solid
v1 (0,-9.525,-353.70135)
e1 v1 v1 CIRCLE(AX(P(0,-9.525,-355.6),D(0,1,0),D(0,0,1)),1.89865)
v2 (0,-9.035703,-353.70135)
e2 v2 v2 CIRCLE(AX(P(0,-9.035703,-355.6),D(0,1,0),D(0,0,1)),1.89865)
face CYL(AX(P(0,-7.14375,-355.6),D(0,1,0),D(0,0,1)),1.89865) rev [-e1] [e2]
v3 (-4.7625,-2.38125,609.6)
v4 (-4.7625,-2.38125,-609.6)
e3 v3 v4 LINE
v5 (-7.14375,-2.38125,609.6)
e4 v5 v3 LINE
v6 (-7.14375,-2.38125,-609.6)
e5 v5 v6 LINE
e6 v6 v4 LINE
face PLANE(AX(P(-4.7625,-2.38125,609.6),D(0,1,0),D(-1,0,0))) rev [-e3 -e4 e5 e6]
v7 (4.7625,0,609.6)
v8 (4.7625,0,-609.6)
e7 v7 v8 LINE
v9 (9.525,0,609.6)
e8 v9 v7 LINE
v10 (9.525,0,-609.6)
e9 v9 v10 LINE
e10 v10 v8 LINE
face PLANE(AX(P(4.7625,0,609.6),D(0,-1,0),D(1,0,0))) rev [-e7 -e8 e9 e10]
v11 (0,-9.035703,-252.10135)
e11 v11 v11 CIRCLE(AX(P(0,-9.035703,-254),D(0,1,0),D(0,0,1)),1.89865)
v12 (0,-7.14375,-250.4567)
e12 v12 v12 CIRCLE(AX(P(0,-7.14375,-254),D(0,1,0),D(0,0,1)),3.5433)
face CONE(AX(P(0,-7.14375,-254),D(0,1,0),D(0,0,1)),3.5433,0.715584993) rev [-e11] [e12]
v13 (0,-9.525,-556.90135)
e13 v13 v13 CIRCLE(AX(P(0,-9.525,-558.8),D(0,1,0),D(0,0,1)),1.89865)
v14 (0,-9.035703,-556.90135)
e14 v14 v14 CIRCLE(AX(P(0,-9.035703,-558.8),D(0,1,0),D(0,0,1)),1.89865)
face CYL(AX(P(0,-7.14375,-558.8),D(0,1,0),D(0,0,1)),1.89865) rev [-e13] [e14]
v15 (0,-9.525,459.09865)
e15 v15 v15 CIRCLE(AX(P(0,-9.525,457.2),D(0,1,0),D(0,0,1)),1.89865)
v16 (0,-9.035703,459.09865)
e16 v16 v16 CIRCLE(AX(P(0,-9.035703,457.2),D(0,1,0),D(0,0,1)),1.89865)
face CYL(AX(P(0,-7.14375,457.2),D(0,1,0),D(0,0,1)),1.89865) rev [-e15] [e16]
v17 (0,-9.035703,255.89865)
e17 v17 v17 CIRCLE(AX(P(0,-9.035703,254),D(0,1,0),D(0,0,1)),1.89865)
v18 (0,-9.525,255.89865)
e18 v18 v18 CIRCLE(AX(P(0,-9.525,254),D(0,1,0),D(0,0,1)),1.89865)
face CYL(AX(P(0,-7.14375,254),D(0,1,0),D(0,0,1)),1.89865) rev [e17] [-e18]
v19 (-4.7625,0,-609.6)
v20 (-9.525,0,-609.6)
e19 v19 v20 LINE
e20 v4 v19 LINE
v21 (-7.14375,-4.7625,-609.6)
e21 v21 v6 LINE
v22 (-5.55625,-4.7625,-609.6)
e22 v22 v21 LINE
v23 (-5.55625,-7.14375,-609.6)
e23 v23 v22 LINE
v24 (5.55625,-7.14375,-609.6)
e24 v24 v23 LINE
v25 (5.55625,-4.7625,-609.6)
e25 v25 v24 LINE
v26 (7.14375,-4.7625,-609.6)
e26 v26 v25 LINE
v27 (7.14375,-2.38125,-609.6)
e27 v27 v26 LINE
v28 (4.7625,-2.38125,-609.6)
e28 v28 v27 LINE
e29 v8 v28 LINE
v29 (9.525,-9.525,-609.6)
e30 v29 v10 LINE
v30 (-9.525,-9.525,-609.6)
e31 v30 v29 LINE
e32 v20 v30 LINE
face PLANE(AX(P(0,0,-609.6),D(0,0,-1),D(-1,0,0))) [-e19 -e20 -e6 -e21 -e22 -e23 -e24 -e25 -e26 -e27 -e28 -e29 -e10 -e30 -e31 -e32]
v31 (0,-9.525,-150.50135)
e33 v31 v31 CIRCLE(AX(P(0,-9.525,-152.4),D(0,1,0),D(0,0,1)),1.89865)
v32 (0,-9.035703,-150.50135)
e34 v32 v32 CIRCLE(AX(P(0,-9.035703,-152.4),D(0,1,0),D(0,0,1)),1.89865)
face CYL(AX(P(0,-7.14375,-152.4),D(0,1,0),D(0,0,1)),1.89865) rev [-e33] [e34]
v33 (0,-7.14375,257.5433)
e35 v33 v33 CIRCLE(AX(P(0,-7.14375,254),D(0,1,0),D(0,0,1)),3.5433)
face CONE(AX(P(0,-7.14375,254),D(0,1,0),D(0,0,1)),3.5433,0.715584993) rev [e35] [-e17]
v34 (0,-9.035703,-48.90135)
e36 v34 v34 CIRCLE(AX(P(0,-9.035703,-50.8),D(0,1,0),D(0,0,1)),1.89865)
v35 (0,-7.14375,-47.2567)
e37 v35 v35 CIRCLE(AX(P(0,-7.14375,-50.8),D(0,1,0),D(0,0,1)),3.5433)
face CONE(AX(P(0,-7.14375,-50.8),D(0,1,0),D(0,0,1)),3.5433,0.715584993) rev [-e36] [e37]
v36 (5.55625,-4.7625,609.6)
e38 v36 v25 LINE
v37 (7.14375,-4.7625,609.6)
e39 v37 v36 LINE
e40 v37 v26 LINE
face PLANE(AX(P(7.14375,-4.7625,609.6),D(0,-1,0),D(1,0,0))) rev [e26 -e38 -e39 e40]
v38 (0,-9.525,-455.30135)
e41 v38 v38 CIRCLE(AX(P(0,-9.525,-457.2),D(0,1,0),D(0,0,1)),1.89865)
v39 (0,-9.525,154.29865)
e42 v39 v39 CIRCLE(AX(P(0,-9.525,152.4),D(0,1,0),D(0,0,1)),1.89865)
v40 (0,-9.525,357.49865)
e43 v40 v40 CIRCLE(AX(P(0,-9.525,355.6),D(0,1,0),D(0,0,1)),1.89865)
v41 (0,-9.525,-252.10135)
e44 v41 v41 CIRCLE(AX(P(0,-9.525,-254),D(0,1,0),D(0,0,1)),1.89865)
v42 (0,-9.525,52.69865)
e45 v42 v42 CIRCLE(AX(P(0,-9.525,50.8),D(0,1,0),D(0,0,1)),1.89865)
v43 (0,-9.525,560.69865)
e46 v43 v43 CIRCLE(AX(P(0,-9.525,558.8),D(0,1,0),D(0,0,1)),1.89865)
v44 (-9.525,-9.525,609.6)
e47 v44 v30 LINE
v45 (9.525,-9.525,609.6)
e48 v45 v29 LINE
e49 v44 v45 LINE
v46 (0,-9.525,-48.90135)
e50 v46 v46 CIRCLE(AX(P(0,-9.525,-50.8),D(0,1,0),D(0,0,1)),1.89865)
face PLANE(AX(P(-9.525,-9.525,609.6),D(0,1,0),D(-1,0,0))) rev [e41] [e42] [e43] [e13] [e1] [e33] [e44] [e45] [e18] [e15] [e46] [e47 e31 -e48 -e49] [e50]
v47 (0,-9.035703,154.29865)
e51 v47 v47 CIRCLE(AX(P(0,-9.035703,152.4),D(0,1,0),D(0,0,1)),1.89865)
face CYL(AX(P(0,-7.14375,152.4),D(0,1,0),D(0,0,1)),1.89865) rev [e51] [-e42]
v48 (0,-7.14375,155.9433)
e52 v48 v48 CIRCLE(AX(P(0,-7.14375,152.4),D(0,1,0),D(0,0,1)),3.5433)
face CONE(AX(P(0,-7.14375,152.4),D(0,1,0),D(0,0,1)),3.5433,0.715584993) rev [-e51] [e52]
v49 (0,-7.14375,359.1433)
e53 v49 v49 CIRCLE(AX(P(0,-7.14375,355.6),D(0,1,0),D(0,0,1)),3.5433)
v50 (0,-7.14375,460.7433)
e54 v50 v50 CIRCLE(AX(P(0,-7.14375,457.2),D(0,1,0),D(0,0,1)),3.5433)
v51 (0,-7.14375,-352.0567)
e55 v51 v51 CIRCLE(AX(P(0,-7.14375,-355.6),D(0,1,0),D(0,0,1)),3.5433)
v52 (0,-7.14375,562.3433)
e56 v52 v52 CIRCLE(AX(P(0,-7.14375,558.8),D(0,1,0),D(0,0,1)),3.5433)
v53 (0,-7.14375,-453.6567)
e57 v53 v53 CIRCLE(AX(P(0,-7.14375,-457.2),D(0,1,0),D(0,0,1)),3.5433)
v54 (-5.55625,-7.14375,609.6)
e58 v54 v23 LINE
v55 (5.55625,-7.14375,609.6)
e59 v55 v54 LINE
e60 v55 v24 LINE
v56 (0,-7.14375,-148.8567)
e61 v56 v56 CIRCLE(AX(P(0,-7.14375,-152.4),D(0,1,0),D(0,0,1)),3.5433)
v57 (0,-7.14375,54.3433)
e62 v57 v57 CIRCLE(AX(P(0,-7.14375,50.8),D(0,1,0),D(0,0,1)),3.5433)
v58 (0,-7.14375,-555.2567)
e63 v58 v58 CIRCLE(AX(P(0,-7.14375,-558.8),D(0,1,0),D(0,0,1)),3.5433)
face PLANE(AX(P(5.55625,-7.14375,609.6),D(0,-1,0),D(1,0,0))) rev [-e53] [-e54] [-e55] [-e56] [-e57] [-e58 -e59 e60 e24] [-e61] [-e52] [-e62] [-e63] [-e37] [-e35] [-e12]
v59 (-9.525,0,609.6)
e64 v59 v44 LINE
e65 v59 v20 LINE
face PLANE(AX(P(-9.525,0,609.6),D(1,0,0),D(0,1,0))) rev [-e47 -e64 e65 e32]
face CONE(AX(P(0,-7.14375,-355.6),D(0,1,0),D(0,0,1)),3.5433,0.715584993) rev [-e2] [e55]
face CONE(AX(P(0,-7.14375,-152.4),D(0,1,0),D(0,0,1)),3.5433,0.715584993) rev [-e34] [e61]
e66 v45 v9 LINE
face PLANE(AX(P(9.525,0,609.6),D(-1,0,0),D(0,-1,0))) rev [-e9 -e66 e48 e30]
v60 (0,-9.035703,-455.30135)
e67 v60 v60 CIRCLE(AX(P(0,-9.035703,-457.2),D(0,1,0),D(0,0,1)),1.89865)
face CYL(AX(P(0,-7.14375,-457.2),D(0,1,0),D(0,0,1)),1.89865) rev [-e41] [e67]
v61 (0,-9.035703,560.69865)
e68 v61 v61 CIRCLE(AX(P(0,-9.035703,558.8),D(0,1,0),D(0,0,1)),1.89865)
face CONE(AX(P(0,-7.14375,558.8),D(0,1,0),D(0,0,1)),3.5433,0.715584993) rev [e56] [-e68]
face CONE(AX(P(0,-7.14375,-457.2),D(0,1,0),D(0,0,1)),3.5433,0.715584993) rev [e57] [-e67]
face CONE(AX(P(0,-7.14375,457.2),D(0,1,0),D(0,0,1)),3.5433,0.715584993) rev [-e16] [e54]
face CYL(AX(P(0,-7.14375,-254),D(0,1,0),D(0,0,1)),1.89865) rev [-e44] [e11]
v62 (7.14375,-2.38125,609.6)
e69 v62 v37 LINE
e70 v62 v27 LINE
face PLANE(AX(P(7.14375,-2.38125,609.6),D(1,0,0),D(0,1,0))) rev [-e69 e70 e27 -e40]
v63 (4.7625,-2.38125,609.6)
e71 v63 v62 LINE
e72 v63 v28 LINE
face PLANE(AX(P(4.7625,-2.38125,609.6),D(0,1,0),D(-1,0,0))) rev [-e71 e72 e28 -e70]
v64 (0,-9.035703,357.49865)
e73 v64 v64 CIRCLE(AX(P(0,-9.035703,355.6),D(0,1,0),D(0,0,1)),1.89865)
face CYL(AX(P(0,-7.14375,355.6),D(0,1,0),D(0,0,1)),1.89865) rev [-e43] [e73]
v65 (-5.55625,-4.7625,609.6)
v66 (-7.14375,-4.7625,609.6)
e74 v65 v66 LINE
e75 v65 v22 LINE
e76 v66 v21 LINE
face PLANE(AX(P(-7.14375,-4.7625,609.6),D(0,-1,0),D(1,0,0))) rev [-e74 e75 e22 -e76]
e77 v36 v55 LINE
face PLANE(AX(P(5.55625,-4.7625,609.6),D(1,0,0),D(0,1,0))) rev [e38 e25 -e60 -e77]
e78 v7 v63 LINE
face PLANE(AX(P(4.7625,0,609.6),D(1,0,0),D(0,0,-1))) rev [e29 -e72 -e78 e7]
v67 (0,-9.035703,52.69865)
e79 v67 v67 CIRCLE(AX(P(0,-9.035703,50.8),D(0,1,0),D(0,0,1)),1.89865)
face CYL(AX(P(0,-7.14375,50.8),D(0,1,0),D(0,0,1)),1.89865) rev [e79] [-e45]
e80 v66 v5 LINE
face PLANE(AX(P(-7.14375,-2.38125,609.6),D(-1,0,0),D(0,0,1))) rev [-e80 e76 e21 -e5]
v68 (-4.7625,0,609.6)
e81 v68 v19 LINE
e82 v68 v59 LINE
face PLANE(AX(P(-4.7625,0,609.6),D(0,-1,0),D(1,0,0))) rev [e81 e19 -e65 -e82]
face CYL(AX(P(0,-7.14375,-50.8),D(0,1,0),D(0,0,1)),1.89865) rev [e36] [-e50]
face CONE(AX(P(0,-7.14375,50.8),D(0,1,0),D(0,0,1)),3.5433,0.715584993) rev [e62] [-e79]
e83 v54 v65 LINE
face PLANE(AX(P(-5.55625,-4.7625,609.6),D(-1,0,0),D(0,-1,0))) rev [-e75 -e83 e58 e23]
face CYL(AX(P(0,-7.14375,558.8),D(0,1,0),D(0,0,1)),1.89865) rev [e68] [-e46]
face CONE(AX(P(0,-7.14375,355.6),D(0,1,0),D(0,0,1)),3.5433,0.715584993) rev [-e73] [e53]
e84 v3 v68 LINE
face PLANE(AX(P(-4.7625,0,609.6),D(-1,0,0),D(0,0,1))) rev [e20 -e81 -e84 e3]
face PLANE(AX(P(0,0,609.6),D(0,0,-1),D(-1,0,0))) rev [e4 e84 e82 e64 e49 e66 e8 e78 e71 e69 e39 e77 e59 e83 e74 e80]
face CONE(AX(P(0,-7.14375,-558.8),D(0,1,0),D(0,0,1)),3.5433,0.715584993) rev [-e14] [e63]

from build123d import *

# Parameters (mm, degrees)
BOSS_EXTRUDE1_DEPTH = 609.6
LPATTERN1_COUNT     = 12
LPATTERN1_PITCH     = 101.6


with BuildPart() as part:
    # Sketch1 → Boss-Extrude1 (new, symmetric)
    with BuildSketch(Plane.XY):
        Polygon((-4.7625, 0), (-9.525, 0), (-9.525, -9.525), (9.525, -9.525), (9.525, 0), (4.7625, 0), (4.7625, -2.38125), (7.14375, -2.38125), (7.14375, -4.7625), (5.55625, -4.7625), (5.55625, -7.14375), (-5.55625, -7.14375), (-5.55625, -4.7625), (-7.14375, -4.7625), (-7.14375, -2.38125), (-4.7625, -2.38125), align=None)
    extrude(amount=BOSS_EXTRUDE1_DEPTH, both=True)

    # Sketch7 → CSK for #6 Flat Head Machine Screw2 (revolve, cut)
    with BuildSketch(Plane(origin=(0, -7.14375, -558.8), x_dir=(0, 0, 1), z_dir=(1, 0, 0))):
        Polygon((0, 0), (0, 2.38125), (1.89865, 2.38125), (1.89865, 1.891953401), (3.5433, 0), align=None)
    csk_for_6_flat_head_machine_screw2 = revolve(axis=Axis((0, -0.79375, -558.8), (0, -1, 0)), mode=Mode.SUBTRACT)

    # LPattern1: CSK for #6 Flat Head Machine Screw2 ×12
    with Locations(*[(0, 0, i * LPATTERN1_PITCH) for i in range(1, LPATTERN1_COUNT)]):
        add(csk_for_6_flat_head_machine_screw2, mode=Mode.SUBTRACT)


solid = part.part
